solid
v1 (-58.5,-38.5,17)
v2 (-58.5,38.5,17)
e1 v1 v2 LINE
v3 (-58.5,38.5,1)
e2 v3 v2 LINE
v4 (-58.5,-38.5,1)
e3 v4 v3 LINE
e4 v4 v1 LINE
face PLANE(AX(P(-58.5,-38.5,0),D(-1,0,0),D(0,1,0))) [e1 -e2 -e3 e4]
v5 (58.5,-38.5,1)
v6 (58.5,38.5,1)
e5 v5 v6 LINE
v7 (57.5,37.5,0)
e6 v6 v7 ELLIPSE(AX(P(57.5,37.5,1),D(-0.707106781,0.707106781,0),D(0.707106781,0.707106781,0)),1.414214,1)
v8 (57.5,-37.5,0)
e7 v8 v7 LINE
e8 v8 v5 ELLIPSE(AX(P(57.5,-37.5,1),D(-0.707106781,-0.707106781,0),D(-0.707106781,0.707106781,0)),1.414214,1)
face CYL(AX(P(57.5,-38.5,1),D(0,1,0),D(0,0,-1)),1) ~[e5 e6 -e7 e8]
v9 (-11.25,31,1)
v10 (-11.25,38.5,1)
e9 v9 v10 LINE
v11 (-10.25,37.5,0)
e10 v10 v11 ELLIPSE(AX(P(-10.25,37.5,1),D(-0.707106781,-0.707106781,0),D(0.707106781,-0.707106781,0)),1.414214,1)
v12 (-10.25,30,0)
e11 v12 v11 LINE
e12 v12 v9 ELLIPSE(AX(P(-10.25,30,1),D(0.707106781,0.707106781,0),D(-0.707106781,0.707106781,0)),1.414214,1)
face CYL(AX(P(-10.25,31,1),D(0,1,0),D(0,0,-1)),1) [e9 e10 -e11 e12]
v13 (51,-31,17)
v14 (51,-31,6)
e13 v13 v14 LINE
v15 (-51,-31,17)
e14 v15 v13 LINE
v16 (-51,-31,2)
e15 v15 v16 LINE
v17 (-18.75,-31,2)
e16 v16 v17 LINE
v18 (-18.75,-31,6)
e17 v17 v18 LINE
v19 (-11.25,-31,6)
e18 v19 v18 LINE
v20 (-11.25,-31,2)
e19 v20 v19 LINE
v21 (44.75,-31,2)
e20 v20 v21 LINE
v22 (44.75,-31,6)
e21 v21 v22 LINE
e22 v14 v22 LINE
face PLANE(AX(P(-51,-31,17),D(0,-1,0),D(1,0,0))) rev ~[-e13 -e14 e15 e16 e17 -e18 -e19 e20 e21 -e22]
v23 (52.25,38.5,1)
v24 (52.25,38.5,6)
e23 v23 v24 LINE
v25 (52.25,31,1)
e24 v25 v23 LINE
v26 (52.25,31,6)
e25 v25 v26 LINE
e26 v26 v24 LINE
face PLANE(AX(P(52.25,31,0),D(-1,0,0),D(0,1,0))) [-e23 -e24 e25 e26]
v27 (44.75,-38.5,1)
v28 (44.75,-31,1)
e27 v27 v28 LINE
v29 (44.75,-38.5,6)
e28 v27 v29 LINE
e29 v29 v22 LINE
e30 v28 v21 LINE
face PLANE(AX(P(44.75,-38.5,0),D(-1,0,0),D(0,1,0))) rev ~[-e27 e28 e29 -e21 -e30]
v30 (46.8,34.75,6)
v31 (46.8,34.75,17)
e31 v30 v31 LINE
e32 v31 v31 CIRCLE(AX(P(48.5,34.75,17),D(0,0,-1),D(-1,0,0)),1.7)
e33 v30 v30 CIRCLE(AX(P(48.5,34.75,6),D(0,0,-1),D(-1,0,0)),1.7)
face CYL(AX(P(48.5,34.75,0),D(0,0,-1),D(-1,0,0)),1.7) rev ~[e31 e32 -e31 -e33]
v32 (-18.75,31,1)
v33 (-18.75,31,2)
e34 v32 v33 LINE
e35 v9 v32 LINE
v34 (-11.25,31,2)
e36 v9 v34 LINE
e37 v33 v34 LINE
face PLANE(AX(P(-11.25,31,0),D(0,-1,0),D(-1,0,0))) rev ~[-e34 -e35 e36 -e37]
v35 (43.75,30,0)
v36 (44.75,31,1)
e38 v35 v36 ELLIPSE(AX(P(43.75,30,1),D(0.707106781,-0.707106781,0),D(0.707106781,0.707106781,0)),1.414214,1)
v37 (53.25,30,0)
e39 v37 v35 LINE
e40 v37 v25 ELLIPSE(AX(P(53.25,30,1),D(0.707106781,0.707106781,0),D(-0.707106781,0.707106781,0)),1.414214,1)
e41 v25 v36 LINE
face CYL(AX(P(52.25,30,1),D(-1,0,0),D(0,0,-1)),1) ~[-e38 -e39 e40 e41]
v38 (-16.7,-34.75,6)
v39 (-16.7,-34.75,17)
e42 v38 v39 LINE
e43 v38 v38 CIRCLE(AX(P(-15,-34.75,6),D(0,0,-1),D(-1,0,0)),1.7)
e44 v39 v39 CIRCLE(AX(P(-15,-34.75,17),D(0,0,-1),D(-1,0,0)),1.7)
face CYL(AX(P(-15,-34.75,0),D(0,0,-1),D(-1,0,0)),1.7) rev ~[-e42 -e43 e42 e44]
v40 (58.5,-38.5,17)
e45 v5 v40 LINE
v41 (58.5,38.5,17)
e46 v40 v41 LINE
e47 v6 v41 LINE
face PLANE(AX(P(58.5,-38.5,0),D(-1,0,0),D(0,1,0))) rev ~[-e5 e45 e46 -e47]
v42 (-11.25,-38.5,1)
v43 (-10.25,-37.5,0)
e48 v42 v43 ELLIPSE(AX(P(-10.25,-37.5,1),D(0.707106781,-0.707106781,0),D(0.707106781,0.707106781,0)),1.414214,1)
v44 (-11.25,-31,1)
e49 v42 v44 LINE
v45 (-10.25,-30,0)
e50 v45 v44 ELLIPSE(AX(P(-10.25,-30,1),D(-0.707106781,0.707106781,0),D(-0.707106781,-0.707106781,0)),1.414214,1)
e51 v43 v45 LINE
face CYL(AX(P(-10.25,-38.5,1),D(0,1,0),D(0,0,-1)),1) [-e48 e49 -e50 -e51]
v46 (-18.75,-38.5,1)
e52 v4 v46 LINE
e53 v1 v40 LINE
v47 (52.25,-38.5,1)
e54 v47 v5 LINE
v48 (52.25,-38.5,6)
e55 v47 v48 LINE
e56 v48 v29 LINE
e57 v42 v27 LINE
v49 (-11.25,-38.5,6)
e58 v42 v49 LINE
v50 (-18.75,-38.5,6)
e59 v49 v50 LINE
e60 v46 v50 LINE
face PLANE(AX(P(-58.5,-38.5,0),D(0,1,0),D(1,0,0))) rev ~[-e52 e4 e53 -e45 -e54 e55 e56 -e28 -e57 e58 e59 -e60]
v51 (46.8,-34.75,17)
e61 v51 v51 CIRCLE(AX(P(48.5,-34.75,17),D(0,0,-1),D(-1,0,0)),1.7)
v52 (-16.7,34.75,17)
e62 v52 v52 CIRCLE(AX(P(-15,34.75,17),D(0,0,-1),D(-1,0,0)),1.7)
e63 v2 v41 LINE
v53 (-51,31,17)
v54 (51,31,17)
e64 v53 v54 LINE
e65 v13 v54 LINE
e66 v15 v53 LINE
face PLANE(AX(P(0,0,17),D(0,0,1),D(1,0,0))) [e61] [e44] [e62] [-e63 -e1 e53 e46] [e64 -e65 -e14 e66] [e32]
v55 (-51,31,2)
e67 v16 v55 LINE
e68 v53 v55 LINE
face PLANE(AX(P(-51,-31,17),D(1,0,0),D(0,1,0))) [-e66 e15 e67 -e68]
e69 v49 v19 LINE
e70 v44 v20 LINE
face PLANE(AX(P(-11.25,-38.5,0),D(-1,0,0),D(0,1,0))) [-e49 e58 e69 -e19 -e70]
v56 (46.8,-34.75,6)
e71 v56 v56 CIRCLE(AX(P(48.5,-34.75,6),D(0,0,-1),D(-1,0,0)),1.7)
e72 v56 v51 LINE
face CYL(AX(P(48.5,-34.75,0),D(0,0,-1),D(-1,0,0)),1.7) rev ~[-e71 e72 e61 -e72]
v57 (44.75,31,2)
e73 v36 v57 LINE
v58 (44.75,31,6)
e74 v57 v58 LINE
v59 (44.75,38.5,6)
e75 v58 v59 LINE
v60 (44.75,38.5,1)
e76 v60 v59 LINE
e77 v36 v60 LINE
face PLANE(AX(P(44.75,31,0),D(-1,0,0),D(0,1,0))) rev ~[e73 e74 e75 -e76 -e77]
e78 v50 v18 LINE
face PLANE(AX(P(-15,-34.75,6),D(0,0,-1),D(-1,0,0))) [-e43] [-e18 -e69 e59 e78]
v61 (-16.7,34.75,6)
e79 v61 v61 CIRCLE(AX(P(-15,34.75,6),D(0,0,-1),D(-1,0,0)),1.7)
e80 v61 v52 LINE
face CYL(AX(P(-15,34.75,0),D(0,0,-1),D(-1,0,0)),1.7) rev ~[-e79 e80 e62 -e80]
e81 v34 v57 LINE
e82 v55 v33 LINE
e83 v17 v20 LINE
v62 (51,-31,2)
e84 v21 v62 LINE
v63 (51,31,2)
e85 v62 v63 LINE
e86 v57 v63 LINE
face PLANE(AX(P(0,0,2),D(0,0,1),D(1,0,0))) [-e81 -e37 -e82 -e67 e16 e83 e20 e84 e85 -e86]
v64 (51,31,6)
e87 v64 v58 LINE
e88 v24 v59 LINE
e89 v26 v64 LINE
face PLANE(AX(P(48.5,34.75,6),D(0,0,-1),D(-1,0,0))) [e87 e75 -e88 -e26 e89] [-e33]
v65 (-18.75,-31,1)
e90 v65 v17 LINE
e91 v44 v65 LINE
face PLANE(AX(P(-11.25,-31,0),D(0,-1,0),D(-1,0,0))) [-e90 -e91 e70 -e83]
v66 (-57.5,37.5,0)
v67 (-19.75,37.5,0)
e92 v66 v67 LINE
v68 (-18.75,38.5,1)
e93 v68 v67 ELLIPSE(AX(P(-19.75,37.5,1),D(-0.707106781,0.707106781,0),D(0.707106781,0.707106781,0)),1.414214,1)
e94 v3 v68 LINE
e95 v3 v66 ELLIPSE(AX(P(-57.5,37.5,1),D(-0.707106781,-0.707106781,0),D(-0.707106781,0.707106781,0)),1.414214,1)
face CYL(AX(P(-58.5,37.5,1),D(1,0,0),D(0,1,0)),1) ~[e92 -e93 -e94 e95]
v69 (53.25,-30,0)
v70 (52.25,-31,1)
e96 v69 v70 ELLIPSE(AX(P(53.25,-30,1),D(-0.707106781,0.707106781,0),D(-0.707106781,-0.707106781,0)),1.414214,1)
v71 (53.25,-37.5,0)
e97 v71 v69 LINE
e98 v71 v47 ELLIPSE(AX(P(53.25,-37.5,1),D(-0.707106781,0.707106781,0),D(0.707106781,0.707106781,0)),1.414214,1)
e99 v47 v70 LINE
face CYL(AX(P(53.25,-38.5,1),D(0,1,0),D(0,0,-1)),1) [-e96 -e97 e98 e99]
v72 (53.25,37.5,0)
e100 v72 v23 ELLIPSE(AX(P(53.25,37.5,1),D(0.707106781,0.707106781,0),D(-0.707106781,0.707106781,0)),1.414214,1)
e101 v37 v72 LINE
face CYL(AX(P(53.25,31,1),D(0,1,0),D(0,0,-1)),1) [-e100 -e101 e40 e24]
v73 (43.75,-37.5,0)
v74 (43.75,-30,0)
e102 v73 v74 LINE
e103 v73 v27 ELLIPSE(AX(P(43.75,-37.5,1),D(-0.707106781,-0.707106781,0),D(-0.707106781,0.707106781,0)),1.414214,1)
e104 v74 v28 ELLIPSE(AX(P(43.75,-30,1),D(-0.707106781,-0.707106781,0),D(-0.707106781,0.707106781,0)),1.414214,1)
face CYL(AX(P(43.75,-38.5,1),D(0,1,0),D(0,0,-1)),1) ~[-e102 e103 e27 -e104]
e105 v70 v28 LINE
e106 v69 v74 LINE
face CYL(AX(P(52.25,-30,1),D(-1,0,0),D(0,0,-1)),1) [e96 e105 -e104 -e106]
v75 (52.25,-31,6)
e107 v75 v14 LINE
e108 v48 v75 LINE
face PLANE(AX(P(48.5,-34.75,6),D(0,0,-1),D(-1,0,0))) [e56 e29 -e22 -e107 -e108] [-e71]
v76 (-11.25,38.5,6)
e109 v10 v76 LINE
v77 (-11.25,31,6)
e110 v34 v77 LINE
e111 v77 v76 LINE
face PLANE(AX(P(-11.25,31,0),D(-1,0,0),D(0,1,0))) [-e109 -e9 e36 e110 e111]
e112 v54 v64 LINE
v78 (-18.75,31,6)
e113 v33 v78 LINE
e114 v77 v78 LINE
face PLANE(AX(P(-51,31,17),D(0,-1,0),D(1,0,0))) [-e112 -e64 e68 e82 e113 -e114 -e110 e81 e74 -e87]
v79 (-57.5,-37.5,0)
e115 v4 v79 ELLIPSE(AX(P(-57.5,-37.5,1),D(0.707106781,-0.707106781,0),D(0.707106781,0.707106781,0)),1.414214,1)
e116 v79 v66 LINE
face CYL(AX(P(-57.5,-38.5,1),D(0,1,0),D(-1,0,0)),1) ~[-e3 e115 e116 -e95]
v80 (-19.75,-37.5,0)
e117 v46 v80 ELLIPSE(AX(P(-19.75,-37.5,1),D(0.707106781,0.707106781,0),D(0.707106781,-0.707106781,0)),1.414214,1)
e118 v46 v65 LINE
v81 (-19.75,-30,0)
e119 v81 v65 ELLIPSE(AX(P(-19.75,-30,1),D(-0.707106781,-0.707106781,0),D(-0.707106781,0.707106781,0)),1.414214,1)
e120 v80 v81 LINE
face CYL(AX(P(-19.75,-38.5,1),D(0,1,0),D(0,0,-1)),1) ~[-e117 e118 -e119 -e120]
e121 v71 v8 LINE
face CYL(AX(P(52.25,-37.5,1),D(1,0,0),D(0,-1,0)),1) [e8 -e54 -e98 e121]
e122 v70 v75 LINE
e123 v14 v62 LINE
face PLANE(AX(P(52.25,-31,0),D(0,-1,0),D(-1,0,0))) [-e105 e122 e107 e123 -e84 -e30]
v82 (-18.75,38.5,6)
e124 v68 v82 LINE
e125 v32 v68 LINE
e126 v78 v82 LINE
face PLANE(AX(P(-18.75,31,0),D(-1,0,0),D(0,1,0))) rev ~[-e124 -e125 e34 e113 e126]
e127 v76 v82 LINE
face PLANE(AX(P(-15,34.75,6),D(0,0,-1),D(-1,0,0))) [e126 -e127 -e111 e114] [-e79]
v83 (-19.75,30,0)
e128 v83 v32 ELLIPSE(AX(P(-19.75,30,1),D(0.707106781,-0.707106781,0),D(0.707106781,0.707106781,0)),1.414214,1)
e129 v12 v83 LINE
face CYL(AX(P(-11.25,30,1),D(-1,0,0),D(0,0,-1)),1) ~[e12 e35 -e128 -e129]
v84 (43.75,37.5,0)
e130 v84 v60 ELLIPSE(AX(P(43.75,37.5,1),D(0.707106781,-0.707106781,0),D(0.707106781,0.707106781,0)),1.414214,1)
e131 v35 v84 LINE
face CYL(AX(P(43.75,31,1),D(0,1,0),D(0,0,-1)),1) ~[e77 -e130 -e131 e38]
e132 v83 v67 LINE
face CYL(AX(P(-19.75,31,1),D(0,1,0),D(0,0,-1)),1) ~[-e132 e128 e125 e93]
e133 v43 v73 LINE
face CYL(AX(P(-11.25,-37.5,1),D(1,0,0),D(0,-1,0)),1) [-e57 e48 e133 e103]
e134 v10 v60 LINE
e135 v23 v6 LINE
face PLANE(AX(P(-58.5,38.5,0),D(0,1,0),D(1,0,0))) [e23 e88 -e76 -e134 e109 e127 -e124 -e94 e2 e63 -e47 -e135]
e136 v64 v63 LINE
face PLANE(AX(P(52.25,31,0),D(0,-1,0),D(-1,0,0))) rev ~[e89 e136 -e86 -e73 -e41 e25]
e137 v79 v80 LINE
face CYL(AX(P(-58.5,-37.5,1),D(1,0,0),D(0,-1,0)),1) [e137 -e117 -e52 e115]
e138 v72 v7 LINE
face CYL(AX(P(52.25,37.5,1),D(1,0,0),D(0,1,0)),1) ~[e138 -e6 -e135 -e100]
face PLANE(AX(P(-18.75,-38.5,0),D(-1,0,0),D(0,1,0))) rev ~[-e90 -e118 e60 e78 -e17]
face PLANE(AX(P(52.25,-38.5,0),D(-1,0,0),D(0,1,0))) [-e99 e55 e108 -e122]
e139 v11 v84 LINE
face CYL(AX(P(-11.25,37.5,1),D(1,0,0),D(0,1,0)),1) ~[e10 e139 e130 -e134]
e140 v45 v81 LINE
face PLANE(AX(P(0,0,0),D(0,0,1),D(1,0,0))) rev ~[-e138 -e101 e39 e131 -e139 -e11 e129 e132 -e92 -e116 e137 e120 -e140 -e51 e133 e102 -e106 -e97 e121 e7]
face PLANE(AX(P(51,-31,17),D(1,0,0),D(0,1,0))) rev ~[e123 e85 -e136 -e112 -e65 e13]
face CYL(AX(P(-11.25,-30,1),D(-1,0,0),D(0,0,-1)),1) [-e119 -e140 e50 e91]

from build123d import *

# Parameters (mm, degrees)
SKETCH_1_W          = 117
SKETCH_1_H          = 77
EXTRUDE_1_DEPTH     = 17
SKETCH_2_W          = 102
SKETCH_2_H          = 62
CUT_EXTRUDE_1_DEPTH = 15
SKETCH_4_R          = 1.7
CUT_EXTRUDE_2_DEPTH = 73.065942025
SKETCH_5_W          = 7.5
SKETCH_5_H          = 7.5
CUT_EXTRUDE_3_DEPTH = 6
FILLET_2_R          = 1


with BuildPart() as part:
    # ｽｹｯﾁ1 → ﾎﾞｽ - 押し出し1 (new body)
    with BuildSketch(Plane.XY):
        Rectangle(SKETCH_1_W, SKETCH_1_H)
    extrude(amount=EXTRUDE_1_DEPTH)

    # ｽｹｯﾁ2 → ｶｯﾄ - 押し出し1 (cut)
    with BuildSketch(Plane.XY.offset(17)):
        Rectangle(SKETCH_2_W, SKETCH_2_H)
    extrude(amount=-CUT_EXTRUDE_1_DEPTH, mode=Mode.SUBTRACT)

    # ｽｹｯﾁ4 → ｶｯﾄ - 押し出し2 (cut, through all)
    with BuildSketch(Plane(origin=(0, 0, 0), x_dir=(-1, 0, 0), z_dir=(0, 0, -1))):
        with Locations((15, 34.75)):
            Circle(SKETCH_4_R)
        with Locations((15, -34.75)):
            Circle(SKETCH_4_R)
        with Locations((-48.5, -34.75)):
            Circle(SKETCH_4_R)
        with Locations((-48.5, 34.75)):
            Circle(SKETCH_4_R)
    extrude(amount=-CUT_EXTRUDE_2_DEPTH, mode=Mode.SUBTRACT)

    # ｽｹｯﾁ5 → ｶｯﾄ - 押し出し3 (cut)
    with BuildSketch(Plane(origin=(0, 0, 0), x_dir=(-1, 0, 0), z_dir=(0, 0, -1))):
        with Locations((-48.5, -34.75)):
            Rectangle(SKETCH_5_W, SKETCH_5_H)
        with Locations((-48.5, 34.75)):
            Rectangle(SKETCH_5_W, SKETCH_5_H)
        with Locations((15, 34.75)):
            Rectangle(SKETCH_5_W, SKETCH_5_H)
        with Locations((15, -34.75)):
            Rectangle(SKETCH_5_W, SKETCH_5_H)
    extrude(amount=-CUT_EXTRUDE_3_DEPTH, mode=Mode.SUBTRACT)

    # ﾌｨﾚｯﾄ2
    fillet_2_edges = [part.edges().sort_by_distance(p)[0] for p in [
        (44.75, 34.75, 0),
        (52.25, 34.75, 0),
        (48.5, 31, 0),
        (44.75, -34.75, 0),
        (48.5, -31, 0),
        (52.25, -34.75, 0),
        (55.375, 38.5, 0),
        (58.5, 0, 0),
        (-38.625, -38.5, 0),
        (-58.5, 0, 0),
        (16.75, 38.5, 0),
        (-38.625, 38.5, 0),
        (16.75, -38.5, 0),
        (55.375, -38.5, 0),
        (-18.75, -34.75, 0),
        (-15, -31, 0),
        (-11.25, -34.75, 0),
        (-18.75, 34.75, 0),
        (-11.25, 34.75, 0),
        (-15, 31, 0),
    ]]
    fillet(fillet_2_edges, radius=FILLET_2_R)


solid = part.part
